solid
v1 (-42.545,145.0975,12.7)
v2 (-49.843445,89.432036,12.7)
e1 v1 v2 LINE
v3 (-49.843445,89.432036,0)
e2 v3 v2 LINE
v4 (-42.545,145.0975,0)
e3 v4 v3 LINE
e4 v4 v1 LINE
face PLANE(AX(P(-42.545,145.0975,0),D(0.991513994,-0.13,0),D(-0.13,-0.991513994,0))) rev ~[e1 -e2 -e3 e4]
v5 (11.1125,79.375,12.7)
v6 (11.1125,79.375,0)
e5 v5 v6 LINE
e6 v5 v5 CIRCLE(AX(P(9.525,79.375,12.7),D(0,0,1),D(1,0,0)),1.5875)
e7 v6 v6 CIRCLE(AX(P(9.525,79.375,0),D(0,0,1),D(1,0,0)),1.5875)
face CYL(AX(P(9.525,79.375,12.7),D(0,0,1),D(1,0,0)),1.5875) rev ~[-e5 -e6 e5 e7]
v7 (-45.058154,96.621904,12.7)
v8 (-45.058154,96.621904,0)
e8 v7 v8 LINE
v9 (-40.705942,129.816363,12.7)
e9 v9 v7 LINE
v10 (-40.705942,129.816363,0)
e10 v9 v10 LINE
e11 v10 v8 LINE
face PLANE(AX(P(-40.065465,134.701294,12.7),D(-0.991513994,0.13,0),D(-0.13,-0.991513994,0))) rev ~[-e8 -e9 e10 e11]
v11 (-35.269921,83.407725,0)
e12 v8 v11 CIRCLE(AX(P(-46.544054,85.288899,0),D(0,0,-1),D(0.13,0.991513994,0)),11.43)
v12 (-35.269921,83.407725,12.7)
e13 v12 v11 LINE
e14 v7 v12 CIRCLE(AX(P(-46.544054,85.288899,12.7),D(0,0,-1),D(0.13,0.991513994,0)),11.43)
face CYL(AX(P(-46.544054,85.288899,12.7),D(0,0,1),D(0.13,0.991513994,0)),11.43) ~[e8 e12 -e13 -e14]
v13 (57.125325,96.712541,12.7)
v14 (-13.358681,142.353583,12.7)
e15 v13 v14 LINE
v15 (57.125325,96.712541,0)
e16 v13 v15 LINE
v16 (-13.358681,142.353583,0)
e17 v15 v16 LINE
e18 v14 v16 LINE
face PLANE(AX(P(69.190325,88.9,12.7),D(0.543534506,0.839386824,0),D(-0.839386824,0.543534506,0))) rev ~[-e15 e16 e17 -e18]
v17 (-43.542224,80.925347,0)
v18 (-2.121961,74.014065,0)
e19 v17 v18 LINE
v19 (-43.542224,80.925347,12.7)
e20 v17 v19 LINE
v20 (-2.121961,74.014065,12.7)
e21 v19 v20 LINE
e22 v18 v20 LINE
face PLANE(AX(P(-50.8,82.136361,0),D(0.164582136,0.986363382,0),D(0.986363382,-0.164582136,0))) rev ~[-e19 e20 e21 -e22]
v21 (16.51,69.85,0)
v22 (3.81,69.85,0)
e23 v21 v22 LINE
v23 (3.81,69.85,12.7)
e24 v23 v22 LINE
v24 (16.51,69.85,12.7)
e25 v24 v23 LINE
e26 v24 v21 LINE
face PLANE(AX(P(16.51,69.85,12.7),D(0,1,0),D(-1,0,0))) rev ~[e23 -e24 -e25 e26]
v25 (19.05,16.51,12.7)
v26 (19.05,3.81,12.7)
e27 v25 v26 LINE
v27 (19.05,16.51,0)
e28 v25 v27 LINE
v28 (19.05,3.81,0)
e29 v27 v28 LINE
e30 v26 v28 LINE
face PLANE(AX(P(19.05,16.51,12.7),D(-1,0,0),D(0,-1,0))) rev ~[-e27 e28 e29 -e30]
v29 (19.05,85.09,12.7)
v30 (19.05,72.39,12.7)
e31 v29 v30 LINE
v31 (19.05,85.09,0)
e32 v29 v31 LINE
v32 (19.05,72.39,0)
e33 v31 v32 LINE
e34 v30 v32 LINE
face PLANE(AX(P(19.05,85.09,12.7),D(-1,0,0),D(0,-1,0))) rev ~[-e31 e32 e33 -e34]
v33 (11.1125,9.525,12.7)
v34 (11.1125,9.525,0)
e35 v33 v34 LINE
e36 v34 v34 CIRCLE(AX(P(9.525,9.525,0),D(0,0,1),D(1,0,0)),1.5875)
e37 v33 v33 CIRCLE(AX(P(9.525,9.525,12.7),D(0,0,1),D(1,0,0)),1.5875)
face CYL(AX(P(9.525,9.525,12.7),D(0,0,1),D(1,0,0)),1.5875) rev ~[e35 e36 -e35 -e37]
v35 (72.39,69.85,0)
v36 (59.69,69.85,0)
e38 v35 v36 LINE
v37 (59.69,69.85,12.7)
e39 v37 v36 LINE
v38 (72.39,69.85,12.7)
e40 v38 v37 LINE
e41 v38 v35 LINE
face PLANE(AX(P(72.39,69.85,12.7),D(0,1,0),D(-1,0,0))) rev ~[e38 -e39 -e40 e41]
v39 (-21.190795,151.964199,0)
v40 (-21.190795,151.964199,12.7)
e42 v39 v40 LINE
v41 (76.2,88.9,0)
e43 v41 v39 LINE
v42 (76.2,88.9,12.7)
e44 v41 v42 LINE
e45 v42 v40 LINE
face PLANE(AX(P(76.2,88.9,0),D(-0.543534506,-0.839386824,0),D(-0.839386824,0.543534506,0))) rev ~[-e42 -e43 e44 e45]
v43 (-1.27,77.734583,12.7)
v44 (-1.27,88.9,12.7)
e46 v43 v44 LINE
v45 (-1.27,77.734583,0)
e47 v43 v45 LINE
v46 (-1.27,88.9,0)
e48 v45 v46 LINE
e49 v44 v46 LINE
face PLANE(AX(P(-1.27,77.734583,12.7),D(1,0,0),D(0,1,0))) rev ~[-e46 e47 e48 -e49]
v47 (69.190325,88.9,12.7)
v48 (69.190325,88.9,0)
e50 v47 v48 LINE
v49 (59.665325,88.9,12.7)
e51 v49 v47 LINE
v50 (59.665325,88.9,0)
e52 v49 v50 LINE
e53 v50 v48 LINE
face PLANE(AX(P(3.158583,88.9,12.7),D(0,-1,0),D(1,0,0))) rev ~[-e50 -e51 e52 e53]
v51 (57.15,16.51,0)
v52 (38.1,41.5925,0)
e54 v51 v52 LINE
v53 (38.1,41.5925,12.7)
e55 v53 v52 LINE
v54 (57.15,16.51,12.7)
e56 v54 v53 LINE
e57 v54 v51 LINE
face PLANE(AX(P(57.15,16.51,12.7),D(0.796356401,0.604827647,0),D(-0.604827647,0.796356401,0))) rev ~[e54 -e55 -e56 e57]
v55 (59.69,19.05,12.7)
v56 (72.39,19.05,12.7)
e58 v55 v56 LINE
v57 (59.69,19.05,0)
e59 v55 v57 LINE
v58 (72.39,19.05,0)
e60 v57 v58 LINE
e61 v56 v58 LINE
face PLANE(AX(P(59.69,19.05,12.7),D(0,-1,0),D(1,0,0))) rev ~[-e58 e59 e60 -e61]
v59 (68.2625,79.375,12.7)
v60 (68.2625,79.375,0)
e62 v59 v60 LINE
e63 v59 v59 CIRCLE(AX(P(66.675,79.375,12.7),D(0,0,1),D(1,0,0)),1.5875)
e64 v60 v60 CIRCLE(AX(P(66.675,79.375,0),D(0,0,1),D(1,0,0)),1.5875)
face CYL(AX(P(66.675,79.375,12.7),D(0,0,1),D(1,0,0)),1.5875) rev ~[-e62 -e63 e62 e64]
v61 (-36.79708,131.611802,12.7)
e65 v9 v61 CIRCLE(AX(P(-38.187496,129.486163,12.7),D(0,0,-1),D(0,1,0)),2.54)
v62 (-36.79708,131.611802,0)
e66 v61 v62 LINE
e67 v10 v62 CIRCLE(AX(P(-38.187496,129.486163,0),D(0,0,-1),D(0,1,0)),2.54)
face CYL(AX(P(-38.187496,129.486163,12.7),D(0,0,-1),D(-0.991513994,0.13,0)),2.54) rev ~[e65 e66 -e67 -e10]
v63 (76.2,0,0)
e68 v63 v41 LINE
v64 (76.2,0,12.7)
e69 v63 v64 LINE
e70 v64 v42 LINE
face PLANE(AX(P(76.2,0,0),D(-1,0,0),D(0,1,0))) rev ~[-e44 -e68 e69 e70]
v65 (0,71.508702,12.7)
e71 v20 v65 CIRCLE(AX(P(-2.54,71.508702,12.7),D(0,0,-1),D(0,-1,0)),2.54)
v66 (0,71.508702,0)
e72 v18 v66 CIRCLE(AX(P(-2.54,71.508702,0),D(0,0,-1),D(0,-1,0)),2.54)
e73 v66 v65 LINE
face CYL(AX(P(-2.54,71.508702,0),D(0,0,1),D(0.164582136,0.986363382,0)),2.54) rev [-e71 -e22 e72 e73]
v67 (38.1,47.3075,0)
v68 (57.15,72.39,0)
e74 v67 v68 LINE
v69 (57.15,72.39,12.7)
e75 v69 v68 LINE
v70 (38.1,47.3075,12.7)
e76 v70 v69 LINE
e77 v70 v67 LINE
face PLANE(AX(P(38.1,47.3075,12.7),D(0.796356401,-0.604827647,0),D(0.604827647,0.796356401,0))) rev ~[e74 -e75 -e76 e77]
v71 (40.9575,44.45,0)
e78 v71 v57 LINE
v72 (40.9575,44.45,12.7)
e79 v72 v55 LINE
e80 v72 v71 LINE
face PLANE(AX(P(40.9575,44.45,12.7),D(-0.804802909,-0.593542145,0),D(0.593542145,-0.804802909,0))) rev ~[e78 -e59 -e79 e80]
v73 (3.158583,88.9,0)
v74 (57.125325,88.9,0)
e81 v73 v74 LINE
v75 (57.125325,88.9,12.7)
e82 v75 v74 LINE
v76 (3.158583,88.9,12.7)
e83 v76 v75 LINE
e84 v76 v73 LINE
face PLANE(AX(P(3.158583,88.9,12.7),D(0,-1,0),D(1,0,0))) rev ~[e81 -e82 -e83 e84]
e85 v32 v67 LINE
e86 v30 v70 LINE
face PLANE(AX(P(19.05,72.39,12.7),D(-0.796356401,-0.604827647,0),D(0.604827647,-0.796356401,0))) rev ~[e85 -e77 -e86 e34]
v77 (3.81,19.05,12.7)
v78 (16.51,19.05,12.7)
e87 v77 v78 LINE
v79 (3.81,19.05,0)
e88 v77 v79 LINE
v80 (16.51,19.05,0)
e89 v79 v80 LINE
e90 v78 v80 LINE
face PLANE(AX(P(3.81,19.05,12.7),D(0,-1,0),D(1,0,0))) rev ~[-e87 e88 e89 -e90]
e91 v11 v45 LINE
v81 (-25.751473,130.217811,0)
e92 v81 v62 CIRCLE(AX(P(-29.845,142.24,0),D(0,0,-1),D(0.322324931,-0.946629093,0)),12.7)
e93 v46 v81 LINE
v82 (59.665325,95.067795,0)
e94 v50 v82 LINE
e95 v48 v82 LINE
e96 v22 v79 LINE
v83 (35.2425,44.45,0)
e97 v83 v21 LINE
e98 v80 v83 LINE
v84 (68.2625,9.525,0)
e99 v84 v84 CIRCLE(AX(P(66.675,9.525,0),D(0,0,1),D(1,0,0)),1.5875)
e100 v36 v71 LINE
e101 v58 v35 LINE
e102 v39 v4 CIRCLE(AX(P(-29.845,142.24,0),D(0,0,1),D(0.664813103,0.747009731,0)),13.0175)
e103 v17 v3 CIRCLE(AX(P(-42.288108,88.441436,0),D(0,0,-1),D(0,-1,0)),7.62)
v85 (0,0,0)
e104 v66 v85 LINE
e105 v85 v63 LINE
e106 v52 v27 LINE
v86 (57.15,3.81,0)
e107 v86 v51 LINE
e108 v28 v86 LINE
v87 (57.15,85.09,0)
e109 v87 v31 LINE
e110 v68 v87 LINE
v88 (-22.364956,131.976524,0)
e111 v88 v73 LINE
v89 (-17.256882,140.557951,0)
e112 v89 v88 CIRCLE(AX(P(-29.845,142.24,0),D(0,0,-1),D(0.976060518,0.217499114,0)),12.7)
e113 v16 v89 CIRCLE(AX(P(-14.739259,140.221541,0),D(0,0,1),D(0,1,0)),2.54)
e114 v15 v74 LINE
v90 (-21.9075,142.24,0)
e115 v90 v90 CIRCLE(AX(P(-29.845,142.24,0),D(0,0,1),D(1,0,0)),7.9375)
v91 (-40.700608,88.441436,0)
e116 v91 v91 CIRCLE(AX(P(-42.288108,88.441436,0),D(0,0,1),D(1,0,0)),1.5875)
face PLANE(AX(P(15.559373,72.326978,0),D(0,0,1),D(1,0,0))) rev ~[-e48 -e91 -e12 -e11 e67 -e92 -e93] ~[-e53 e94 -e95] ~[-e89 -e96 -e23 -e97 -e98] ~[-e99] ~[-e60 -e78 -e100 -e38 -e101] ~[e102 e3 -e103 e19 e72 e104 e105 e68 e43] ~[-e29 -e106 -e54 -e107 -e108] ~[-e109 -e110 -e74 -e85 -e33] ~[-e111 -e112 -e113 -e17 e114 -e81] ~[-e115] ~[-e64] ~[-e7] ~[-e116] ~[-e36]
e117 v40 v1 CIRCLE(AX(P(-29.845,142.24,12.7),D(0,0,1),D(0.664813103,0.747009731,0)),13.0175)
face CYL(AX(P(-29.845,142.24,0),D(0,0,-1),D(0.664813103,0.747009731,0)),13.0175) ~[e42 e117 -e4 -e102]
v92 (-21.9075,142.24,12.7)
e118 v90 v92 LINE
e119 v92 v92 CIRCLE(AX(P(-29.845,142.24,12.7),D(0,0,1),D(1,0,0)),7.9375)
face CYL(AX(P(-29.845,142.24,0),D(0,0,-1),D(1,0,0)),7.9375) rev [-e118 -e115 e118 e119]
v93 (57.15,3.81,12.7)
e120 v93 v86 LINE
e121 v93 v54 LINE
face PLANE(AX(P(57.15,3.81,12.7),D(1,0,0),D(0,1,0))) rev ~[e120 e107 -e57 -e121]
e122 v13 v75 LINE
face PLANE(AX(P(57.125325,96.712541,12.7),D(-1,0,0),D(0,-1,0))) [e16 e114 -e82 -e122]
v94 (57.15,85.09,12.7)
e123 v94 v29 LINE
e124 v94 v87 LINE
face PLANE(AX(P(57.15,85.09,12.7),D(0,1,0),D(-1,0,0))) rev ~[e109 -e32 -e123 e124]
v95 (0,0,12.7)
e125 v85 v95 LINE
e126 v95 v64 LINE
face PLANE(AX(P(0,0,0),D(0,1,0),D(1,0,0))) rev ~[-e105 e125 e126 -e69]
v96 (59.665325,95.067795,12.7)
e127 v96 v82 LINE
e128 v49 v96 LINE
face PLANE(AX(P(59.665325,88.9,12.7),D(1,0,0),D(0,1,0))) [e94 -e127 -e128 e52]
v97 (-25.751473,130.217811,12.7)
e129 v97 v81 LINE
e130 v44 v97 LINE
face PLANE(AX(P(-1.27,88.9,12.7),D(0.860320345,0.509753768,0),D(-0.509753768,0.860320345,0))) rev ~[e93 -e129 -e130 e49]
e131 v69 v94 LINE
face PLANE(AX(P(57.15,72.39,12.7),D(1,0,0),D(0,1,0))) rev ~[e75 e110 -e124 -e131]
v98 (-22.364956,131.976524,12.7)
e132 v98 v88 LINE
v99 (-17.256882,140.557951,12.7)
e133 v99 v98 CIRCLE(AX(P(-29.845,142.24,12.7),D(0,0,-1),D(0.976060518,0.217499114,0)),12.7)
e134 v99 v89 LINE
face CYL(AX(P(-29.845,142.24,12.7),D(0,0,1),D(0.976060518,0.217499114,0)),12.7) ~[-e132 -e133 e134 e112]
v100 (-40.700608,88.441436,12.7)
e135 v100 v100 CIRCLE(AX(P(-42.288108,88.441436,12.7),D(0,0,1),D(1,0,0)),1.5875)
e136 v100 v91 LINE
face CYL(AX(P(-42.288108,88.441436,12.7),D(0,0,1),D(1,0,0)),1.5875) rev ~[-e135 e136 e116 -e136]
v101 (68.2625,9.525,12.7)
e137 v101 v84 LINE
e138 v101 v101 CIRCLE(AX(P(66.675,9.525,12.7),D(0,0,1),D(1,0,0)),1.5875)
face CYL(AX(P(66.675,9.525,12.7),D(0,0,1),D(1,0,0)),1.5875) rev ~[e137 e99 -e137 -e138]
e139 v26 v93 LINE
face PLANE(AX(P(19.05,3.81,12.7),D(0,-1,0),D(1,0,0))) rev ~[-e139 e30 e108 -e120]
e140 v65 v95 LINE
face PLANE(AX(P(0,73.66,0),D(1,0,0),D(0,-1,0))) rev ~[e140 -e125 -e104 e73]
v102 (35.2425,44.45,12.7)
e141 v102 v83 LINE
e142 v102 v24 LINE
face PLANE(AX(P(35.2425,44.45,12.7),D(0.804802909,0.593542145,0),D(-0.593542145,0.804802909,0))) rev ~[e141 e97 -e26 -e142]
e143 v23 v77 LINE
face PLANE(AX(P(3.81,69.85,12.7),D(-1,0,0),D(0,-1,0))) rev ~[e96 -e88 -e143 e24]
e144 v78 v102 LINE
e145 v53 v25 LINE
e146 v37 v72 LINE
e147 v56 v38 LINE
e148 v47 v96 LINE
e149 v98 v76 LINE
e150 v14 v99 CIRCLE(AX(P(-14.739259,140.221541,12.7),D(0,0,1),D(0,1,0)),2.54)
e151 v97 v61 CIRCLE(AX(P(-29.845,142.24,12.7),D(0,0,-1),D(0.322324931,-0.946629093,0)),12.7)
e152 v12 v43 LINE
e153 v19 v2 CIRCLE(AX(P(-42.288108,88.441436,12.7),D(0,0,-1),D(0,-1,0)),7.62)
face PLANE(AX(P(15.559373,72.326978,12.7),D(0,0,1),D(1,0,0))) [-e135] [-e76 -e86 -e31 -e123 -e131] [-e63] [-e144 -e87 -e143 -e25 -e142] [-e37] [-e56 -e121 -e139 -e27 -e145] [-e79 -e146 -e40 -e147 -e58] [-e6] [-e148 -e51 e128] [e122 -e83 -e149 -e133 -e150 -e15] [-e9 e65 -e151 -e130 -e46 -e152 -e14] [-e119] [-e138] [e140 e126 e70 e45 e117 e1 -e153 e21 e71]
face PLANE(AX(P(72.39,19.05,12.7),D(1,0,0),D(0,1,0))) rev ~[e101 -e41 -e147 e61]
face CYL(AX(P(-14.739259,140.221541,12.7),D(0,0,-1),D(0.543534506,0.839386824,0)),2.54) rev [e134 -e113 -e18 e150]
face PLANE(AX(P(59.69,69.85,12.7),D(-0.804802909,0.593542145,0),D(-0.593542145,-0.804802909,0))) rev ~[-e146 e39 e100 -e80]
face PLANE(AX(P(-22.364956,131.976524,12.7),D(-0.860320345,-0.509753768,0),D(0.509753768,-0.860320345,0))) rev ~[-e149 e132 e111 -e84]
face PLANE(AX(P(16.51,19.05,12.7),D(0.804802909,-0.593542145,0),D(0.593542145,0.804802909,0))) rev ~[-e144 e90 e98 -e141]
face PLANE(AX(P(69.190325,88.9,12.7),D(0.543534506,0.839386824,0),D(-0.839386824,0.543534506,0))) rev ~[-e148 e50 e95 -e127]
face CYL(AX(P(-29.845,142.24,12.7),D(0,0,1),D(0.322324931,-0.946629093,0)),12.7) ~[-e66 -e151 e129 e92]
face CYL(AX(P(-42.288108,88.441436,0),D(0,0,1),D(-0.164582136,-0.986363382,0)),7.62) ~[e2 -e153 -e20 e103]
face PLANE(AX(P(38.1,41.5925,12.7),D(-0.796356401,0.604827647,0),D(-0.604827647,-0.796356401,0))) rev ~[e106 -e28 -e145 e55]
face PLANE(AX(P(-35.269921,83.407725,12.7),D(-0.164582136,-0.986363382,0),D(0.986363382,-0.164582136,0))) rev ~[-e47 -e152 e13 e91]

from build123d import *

# Parameters (mm, degrees)
SKETCH1_R           = 7.9375
BOSS_EXTRUDE1_DEPTH = 12.7
CUT_EXTRUDE1_DEPTH  = 12.7
SKETCH3_R           = 1.5875
CUT_EXTRUDE2_DEPTH  = 12.7
CUT_EXTRUDE3_DEPTH  = 12.7
FILLET1_R           = 2.54
BOSS_EXTRUDE2_DEPTH = 12.7
SKETCH6_R           = 1.5875
CUT_EXTRUDE4_DEPTH  = 12.7
FILLET2_R           = 7.62
FILLET3_R           = 2.54


with BuildPart() as part:
    # Sketch1 → Boss-Extrude1 (new body)
    with BuildSketch(Plane.XY):
        with BuildLine():
            Line((0, 0), (76.2, 0))
            Line((76.2, 0), (76.2, 88.9))
            Line((76.2, 88.9), (-21.190795437, 151.964199177))
            ThreePointArc((-21.190795437, 151.964199177), (-33.829972343, 154.632550249), (-42.545, 145.0975))
            Line((-42.545, 145.0975), (-50.8, 82.136361391))
            Line((-50.8, 82.136361391), (0, 73.66))
            Line((0, 73.66), (0, 0))
        make_face()
        with Locations((-29.845, 142.24)):
            Circle(SKETCH1_R, mode=Mode.SUBTRACT)
    extrude(amount=BOSS_EXTRUDE1_DEPTH)

    # Sketch2 → Cut-Extrude1 (cut)
    with BuildSketch(Plane.XY.offset(12.7)):
        Polygon((19.05, 3.81), (57.15, 3.81), (57.15, 16.51), (38.1, 41.5925), (19.05, 16.51), align=None)
        Polygon((3.81, 19.05), (16.51, 19.05), (35.2425, 44.45), (16.51, 69.85), (3.81, 69.85), align=None)
        Polygon((19.05, 85.09), (19.05, 72.39), (38.1, 47.3075), (57.15, 72.39), (57.15, 85.09), align=None)
        Polygon((72.39, 69.85), (59.69, 69.85), (40.9575, 44.45), (59.69, 19.05), (72.39, 19.05), align=None)
    extrude(amount=-CUT_EXTRUDE1_DEPTH, mode=Mode.SUBTRACT)

    # Sketch3 → Cut-Extrude2 (cut)
    with BuildSketch(Plane.XY.offset(12.7)):
        with Locations((66.675, 79.375)):
            Circle(SKETCH3_R)
        with Locations((9.525, 79.375)):
            Circle(SKETCH3_R)
        with Locations((9.525, 9.525)):
            Circle(SKETCH3_R)
        with Locations((66.675, 9.525)):
            Circle(SKETCH3_R)
    extrude(amount=-CUT_EXTRUDE2_DEPTH, mode=Mode.SUBTRACT)

    # Sketch4 → Cut-Extrude3 (cut)
    with BuildSketch(Plane.XY.offset(12.7)):
        with BuildLine():
            Line((69.190325437, 88.9), (-17.449031417, 145.002238745))
            ThreePointArc((-17.449031417, 145.002238745), (-17.963027163, 137.755725085), (-22.364956463, 131.976523558))
            Line((-22.364956463, 131.976523558), (3.158582938, 88.9))
            Line((3.158582938, 88.9), (69.190325437, 88.9))
        make_face()
        with BuildLine():
            Line((-40.065465421, 134.701294104), (-45.058154169, 96.621903635))
            ThreePointArc((-45.058154169, 96.621903635), (-37.359379788, 92.092328445), (-35.269920717, 83.407724876))
            Line((-35.269920717, 83.407724876), (-1.27, 77.734582843))
            Line((-1.27, 77.734582843), (-1.27, 88.9))
            Line((-1.27, 88.9), (-25.751473381, 130.217810523))
            ThreePointArc((-25.751473381, 130.217810523), (-33.641083643, 130.12060443), (-40.065465421, 134.701294104))
        make_face()
    extrude(amount=-CUT_EXTRUDE3_DEPTH, mode=Mode.SUBTRACT)

    # Fillet1
    fillet1_edges = [part.edges().sort_by_distance(p)[0] for p in [
        (-40.065465421, 134.701294104, 6.35),
        (-17.449031417, 145.002238745, 6.35),
    ]]
    fillet(fillet1_edges, radius=FILLET1_R)

    # Sketch5 → Boss-Extrude2 (add)
    with BuildSketch(Plane.XY.offset(12.7)):
        Polygon((57.125325437, 88.9), (59.665325437, 88.9), (59.665325437, 95.06779537), (57.125325437, 96.712540802), align=None)
    extrude(amount=-BOSS_EXTRUDE2_DEPTH)

    # Sketch6 → Cut-Extrude4 (cut)
    with BuildSketch(Plane.XY.offset(12.7)):
        with Locations((-42.288108338, 88.441435979)):
            Circle(SKETCH6_R)
    extrude(amount=-CUT_EXTRUDE4_DEPTH, mode=Mode.SUBTRACT)

    # Fillet2
    fillet2_edges = [part.edges().sort_by_distance(p)[0] for p in [
        (-50.8, 82.136361391, 6.35),
    ]]
    fillet(fillet2_edges, radius=FILLET2_R)

    # Fillet3
    fillet3_edges = [part.edges().sort_by_distance(p)[0] for p in [
        (0, 73.66, 6.35),
    ]]
    fillet(fillet3_edges, radius=FILLET3_R)


solid = part.part
